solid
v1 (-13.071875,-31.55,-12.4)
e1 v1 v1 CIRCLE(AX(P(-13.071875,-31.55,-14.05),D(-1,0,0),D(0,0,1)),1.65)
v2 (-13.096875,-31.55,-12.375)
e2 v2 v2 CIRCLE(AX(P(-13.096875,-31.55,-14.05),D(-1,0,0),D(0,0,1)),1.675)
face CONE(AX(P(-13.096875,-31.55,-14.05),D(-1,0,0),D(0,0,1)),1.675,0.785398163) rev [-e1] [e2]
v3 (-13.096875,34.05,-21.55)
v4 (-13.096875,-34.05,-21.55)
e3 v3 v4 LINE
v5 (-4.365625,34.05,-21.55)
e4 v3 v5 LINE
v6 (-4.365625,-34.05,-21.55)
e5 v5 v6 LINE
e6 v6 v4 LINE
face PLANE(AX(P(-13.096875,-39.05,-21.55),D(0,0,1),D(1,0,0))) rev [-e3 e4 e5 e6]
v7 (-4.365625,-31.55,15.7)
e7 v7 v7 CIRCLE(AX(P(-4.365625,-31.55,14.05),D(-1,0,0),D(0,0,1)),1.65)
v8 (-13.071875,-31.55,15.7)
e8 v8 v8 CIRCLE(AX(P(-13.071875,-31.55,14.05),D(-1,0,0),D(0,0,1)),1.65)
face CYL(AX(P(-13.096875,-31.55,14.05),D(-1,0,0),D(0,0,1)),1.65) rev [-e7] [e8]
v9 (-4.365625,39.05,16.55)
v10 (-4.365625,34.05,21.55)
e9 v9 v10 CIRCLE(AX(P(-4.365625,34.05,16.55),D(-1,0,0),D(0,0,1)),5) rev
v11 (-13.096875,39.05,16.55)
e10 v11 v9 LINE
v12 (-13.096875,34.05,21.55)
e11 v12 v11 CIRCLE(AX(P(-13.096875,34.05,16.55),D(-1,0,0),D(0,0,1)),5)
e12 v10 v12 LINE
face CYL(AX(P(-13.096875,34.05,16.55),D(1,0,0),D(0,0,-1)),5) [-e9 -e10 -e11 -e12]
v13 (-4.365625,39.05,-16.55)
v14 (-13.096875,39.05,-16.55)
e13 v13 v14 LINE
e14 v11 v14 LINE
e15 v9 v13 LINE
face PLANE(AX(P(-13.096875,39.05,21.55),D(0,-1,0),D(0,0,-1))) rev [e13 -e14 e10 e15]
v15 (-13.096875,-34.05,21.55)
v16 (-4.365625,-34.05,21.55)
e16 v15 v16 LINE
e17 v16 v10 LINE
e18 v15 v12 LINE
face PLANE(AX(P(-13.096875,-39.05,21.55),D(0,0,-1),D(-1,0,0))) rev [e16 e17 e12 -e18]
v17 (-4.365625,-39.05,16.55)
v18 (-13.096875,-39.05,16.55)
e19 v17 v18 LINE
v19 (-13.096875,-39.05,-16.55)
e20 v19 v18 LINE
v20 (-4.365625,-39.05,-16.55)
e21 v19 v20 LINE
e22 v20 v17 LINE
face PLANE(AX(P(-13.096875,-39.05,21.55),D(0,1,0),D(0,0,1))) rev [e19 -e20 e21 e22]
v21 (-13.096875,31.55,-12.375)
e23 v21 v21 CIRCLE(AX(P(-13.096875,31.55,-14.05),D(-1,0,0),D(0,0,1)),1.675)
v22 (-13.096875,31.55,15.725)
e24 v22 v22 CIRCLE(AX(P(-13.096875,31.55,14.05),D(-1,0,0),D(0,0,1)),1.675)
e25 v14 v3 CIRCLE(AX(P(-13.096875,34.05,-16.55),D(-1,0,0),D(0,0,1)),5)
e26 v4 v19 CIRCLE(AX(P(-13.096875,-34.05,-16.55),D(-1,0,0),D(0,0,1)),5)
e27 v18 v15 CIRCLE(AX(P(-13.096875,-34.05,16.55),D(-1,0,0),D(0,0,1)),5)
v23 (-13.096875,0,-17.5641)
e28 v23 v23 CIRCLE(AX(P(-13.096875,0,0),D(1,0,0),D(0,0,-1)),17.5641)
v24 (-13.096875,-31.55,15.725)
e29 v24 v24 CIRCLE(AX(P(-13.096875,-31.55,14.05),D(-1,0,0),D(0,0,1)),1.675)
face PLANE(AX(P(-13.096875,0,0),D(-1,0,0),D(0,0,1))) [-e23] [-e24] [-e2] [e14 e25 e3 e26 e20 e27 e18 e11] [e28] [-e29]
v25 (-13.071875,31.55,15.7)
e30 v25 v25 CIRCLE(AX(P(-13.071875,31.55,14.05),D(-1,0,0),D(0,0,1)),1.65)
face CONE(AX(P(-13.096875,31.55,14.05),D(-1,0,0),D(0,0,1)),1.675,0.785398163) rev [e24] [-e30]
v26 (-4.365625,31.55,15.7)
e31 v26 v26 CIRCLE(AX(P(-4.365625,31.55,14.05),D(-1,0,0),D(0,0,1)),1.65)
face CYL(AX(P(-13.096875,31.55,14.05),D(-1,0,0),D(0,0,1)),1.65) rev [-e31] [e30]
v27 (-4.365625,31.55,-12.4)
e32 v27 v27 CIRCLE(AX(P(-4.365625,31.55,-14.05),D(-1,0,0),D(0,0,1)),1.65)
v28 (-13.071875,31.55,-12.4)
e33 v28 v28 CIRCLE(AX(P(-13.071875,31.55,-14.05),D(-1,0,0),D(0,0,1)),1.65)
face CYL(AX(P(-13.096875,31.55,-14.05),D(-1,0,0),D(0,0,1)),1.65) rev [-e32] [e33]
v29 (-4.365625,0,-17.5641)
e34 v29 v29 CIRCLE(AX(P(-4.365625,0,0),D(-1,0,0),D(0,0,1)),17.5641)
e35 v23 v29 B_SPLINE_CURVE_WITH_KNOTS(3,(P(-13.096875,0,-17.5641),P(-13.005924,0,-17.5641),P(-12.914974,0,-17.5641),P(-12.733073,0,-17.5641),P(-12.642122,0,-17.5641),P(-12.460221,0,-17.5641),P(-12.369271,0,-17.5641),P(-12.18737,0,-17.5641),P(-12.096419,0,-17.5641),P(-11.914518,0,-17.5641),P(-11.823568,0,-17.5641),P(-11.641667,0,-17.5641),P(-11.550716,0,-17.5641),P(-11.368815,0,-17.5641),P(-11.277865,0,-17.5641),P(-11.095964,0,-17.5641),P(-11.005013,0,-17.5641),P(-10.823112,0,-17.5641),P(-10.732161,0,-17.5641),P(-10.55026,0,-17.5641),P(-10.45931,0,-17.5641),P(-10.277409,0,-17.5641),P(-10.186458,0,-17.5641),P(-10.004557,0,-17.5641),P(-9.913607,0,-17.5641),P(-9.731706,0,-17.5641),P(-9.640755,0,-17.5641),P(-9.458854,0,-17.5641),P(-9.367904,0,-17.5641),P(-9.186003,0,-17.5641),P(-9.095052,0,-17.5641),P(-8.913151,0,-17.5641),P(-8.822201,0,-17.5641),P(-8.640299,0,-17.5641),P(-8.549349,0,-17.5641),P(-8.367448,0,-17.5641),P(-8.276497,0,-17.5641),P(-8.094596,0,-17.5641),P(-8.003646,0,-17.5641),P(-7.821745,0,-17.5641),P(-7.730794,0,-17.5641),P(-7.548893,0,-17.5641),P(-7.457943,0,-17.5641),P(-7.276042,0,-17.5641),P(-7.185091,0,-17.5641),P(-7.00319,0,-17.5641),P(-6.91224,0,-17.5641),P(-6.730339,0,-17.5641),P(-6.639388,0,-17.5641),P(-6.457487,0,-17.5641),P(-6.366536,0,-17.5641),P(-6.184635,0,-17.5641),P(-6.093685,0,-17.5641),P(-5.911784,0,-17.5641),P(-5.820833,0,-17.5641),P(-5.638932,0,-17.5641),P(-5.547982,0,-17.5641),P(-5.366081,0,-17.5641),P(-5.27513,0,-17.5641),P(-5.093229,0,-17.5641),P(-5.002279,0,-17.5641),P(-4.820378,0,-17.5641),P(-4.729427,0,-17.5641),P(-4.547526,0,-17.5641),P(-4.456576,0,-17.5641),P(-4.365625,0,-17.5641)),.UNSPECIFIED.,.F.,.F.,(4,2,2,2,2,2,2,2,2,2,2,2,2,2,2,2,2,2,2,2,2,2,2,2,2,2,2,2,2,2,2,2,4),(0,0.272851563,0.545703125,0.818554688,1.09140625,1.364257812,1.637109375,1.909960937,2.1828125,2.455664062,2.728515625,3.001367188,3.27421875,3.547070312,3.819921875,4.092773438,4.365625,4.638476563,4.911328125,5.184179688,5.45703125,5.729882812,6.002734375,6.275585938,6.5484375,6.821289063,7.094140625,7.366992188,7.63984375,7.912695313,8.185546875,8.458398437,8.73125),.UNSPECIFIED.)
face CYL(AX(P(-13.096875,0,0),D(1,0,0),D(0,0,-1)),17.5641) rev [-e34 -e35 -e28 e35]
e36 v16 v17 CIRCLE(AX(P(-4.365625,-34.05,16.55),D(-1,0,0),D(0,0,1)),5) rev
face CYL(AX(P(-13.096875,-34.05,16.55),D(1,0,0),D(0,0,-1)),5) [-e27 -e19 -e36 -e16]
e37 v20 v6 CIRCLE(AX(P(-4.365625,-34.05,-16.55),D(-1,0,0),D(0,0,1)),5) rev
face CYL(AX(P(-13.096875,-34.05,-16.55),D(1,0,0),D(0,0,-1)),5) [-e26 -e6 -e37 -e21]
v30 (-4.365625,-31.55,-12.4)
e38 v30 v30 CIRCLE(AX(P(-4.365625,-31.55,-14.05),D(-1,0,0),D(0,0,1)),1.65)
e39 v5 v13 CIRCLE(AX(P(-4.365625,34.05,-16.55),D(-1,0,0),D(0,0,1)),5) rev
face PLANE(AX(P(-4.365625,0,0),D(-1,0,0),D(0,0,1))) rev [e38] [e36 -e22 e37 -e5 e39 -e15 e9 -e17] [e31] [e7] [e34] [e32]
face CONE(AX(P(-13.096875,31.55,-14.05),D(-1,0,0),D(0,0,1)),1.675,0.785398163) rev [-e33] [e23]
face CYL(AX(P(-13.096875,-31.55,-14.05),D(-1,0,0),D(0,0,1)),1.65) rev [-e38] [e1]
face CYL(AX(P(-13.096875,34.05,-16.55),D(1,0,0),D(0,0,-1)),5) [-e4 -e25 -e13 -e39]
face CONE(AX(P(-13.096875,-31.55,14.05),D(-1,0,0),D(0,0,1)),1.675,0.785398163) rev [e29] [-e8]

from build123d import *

# Parameters (mm, degrees)
SKETCH1_R                               = 2.25
SKETCH1_R_2                             = 17.5641
BOSS_EXTRUDE1_DEPTH                     = 4.365625
SKETCH2_W                               = 78.1
SKETCH2_H                               = 43.1
BOSS_EXTRUDE2_DEPTH                     = 8.73125
M4_CLEARANCE_HOLE2_AT_2_COUNT           = 2
M4_CLEARANCE_HOLE2_AT_2_PITCH           = 28.1
M4_CLEARANCE_HOLE2_AT_3_COUNT           = 2
M4_CLEARANCE_HOLE2_AT_3_PITCH           = 69.07401827
M4_CLEARANCE_HOLE2_AT_4_COUNT           = 2
M4_CLEARANCE_HOLE2_AT_4_PITCH           = 63.1
SKETCH24_W                              = 78.1
SKETCH24_H                              = 43.1
BOSS_EXTRUDE3_DEPTH                     = 8.73125
TAP_DRILL_FOR_M4X0_7_TAP1_AT_2_COUNT    = 2
TAP_DRILL_FOR_M4X0_7_TAP1_AT_2_PITCH    = 28.1
TAP_DRILL_FOR_M4X0_7_TAP1_AT_3_COUNT    = 2
TAP_DRILL_FOR_M4X0_7_TAP1_AT_3_PITCH    = 69.07401827
TAP_DRILL_FOR_M4X0_7_TAP1_AT_4_COUNT    = 2
TAP_DRILL_FOR_M4X0_7_TAP1_AT_4_PITCH    = 63.1
TAP_DRILL_FOR_M3X0_5_TAP1_AT_2_COUNT    = 2
TAP_DRILL_FOR_M3X0_5_TAP1_AT_2_PITCH    = 36
TAP_DRILL_FOR_M3X0_5_TAP1_AT_3_COUNT    = 2
TAP_DRILL_FOR_M3X0_5_TAP1_AT_3_PITCH    = 28
TAP_DRILL_FOR_M3X0_5_TAP1_AT_4_COUNT    = 2
TAP_DRILL_FOR_M3X0_5_TAP1_AT_4_PITCH    = 45.607017004
TAP_DRILL_FOR_M2_5X0_45_TAP2_AT_2_COUNT = 2
TAP_DRILL_FOR_M2_5X0_45_TAP2_AT_2_PITCH = 15.8
SKETCH3_R                               = 17.5641
CUT_EXTRUDE3_DEPTH                      = 181.027817403
M6_CLEARANCE_HOLE2_AT_2_COUNT           = 2
M6_CLEARANCE_HOLE2_AT_2_PITCH           = 80
SKETCH14_W                              = 86.5
SKETCH14_H                              = 58.5
CUT_EXTRUDE4_DEPTH                      = 2
FILLET4_R                               = 10
M4_CLEARANCE_HOLE1_AT_2_COUNT           = 2
M4_CLEARANCE_HOLE1_AT_2_PITCH           = 14.136551913
M4_CLEARANCE_HOLE1_AT_3_COUNT           = 2
M4_CLEARANCE_HOLE1_AT_3_PITCH           = 7.068275957
M6_CLEARANCE_HOLE1_AT_2_COUNT           = 2
M6_CLEARANCE_HOLE1_AT_2_PITCH           = 25.4
FILLET5_R                               = 5
FILLET6_R                               = 5
SKETCH28_W                              = 15.5
SKETCH28_H                              = 20.75
SKETCH28_R                              = 1.5
BOSS_EXTRUDE4_DEPTH                     = 2.5
FILLET7_R                               = 1
SKETCH29_R                              = 1.5
BOSS_EXTRUDE5_DEPTH                     = 1.5
FILLET8_R                               = 0.5


with BuildPart() as part:
    # Sketch1 → Boss-Extrude1 (new, symmetric)
    with BuildSketch(Plane.YZ):
        Polygon((0, 170.95), (-50, 110.95), (-50, -79.05), (50, -79.05), (50, 110.95), align=None)
        with Locations((-26.25, -56.8)):
            Circle(SKETCH1_R, mode=Mode.SUBTRACT)
        with Locations((-26.25, -32.3)):
            Circle(SKETCH1_R, mode=Mode.SUBTRACT)
        with Locations((26.25, -56.8)):
            Circle(SKETCH1_R, mode=Mode.SUBTRACT)
        with Locations((26.25, -32.3)):
            Circle(SKETCH1_R, mode=Mode.SUBTRACT)
        Circle(SKETCH1_R_2, mode=Mode.SUBTRACT)
    extrude(amount=BOSS_EXTRUDE1_DEPTH, both=True)


with BuildPart() as body_2:
    # Sketch2 → Boss-Extrude2 (new body)
    with BuildSketch(Plane.YZ.offset(4.365625)):
        Rectangle(SKETCH2_W, SKETCH2_H)
    extrude(amount=BOSS_EXTRUDE2_DEPTH)


with BuildPart() as m4_clearance_hole2_tool:
    # Sketch23 → M4 Clearance Hole2 (revolve)
    with BuildSketch(Plane(origin=(13.096875, -31.55, 14.05), x_dir=(0, 0, -1), z_dir=(0, 1, 0))):
        Polygon((0, 0), (0, 17.4625), (2.25, 17.4625), (2.25, 0.025), (2.275, 0), align=None)
    m4_clearance_hole2 = revolve(axis=Axis((19.446875, -31.55, 14.05), (-1, 0, 0)))


with BuildPart() as part_1:
    add(part.part)

    # M4 Clearance Hole2: cut by m4_clearance_hole2_tool
    add(m4_clearance_hole2_tool.part, mode=Mode.SUBTRACT)


with BuildPart() as body_2_1:
    add(body_2.part)

    # M4 Clearance Hole2: cut by m4_clearance_hole2_tool
    add(m4_clearance_hole2_tool.part, mode=Mode.SUBTRACT)


with BuildPart() as m4_clearance_hole2_at_2_tool:
    # M4 Clearance Hole2 at 2: M4 Clearance Hole2 ×2
    with Locations(*[(0, 0, -i * M4_CLEARANCE_HOLE2_AT_2_PITCH) for i in range(1, M4_CLEARANCE_HOLE2_AT_2_COUNT)]):
        add(m4_clearance_hole2)


with BuildPart() as part_2:
    add(part_1.part)

    # M4 Clearance Hole2 at 2: cut by m4_clearance_hole2_at_2_tool
    add(m4_clearance_hole2_at_2_tool.part, mode=Mode.SUBTRACT)


with BuildPart() as body_2_2:
    add(body_2_1.part)

    # M4 Clearance Hole2 at 2: cut by m4_clearance_hole2_at_2_tool
    add(m4_clearance_hole2_at_2_tool.part, mode=Mode.SUBTRACT)


with BuildPart() as m4_clearance_hole2_at_3_tool:
    # M4 Clearance Hole2 at 3: M4 Clearance Hole2 ×2
    with Locations(*[Vector(0, 0.9135128023552276, -0.40680998012966574) * (i * M4_CLEARANCE_HOLE2_AT_3_PITCH) for i in range(1, M4_CLEARANCE_HOLE2_AT_3_COUNT)]):
        add(m4_clearance_hole2)


with BuildPart() as part_3:
    add(part_2.part)

    # M4 Clearance Hole2 at 3: cut by m4_clearance_hole2_at_3_tool
    add(m4_clearance_hole2_at_3_tool.part, mode=Mode.SUBTRACT)


with BuildPart() as body_2_3:
    add(body_2_2.part)

    # M4 Clearance Hole2 at 3: cut by m4_clearance_hole2_at_3_tool
    add(m4_clearance_hole2_at_3_tool.part, mode=Mode.SUBTRACT)


with BuildPart() as m4_clearance_hole2_at_4_tool:
    # M4 Clearance Hole2 at 4: M4 Clearance Hole2 ×2
    with Locations(*[(0, i * M4_CLEARANCE_HOLE2_AT_4_PITCH, 0) for i in range(1, M4_CLEARANCE_HOLE2_AT_4_COUNT)]):
        add(m4_clearance_hole2)


with BuildPart() as part_4:
    add(part_3.part)

    # M4 Clearance Hole2 at 4: cut by m4_clearance_hole2_at_4_tool
    add(m4_clearance_hole2_at_4_tool.part, mode=Mode.SUBTRACT)

    # Sketch7 → Tap Drill for M3x0.5 Tap1 (revolve, cut)
    with BuildSketch(Plane(origin=(4.365625, -18, -24.05), x_dir=(0, 0, -1), z_dir=(0, 1, 0))):
        Polygon((0, 0), (0, 17.4625), (1.25, 17.4625), (1.25, 0.025), (1.275, 0), align=None)
    tap_drill_for_m3x0_5_tap1 = revolve(axis=Axis((10.715625, -18, -24.05), (-1, 0, 0)), mode=Mode.SUBTRACT)

    # Tap Drill for M3x0.5 Tap1 at 2: Tap Drill for M3x0.5 Tap1 ×2
    with Locations(*[(0, i * TAP_DRILL_FOR_M3X0_5_TAP1_AT_2_PITCH, 0) for i in range(1, TAP_DRILL_FOR_M3X0_5_TAP1_AT_2_COUNT)]):
        add(tap_drill_for_m3x0_5_tap1, mode=Mode.SUBTRACT)

    # Tap Drill for M3x0.5 Tap1 at 3: Tap Drill for M3x0.5 Tap1 ×2
    with Locations(*[(0, 0, -i * TAP_DRILL_FOR_M3X0_5_TAP1_AT_3_PITCH) for i in range(1, TAP_DRILL_FOR_M3X0_5_TAP1_AT_3_COUNT)]):
        add(tap_drill_for_m3x0_5_tap1, mode=Mode.SUBTRACT)

    # Tap Drill for M3x0.5 Tap1 at 4: Tap Drill for M3x0.5 Tap1 ×2
    with Locations(*[Vector(0, 0.7893522173763264, -0.6139406135149205) * (i * TAP_DRILL_FOR_M3X0_5_TAP1_AT_4_PITCH) for i in range(1, TAP_DRILL_FOR_M3X0_5_TAP1_AT_4_COUNT)]):
        add(tap_drill_for_m3x0_5_tap1, mode=Mode.SUBTRACT)

    # Sketch10 → Tap Drill for M2.5x0.45 Tap2 (revolve, cut)
    with BuildSketch(Plane(origin=(4.365625, -41, 103.325), x_dir=(0, 0, -1), z_dir=(0, 1, 0))):
        Polygon((0, 0), (0, 17.4625), (1.025, 17.4625), (1.025, 0.025), (1.05, 0), align=None)
    tap_drill_for_m2_5x0_45_tap2 = revolve(axis=Axis((10.715625, -41, 103.325), (-1, 0, 0)), mode=Mode.SUBTRACT)

    # Tap Drill for M2.5x0.45 Tap2 at 2: Tap Drill for M2.5x0.45 Tap2 ×2
    with Locations(*[(0, 0, -i * TAP_DRILL_FOR_M2_5X0_45_TAP2_AT_2_PITCH) for i in range(1, TAP_DRILL_FOR_M2_5X0_45_TAP2_AT_2_COUNT)]):
        add(tap_drill_for_m2_5x0_45_tap2, mode=Mode.SUBTRACT)

    # Sketch12 → M6 Clearance Hole2 (revolve, cut)
    with BuildSketch(Plane(origin=(4.365625, -40, -69.05), x_dir=(0, 0, -1), z_dir=(0, 1, 0))):
        Polygon((0, 0), (0, 17.4625), (3.3, 17.4625), (3.3, 0.025), (3.325, 0), align=None)
    m6_clearance_hole2 = revolve(axis=Axis((10.715625, -40, -69.05), (-1, 0, 0)), mode=Mode.SUBTRACT)

    # M6 Clearance Hole2 at 2: M6 Clearance Hole2 ×2
    with Locations(*[(0, i * M6_CLEARANCE_HOLE2_AT_2_PITCH, 0) for i in range(1, M6_CLEARANCE_HOLE2_AT_2_COUNT)]):
        add(m6_clearance_hole2, mode=Mode.SUBTRACT)

    # Sketch14 → Cut-Extrude4 (cut)
    with BuildSketch(Plane.YZ.offset(4.365625)):
        with Locations((0, 50.8)):
            Rectangle(SKETCH14_W, SKETCH14_H)
    extrude(amount=-CUT_EXTRUDE4_DEPTH, mode=Mode.SUBTRACT)

    # Fillet4
    fillet4_edges = [part_4.edges().sort_by_distance(p)[0] for p in [
        (0, 50, -79.05),
        (0, -50, -79.05),
        (0, 50, 110.95),
        (0, 0, 170.95),
        (0, -50, 110.95),
    ]]
    fillet(fillet4_edges, radius=FILLET4_R)

    # Sketch16 → M4 Clearance Hole1 (revolve, cut)
    with BuildSketch(Plane(origin=(4.365625, 0, 155.329500648), x_dir=(0, 0, -1), z_dir=(0, 1, 0))):
        Polygon((0, 0), (0, 17.4625), (2.25, 17.4625), (2.25, 0.025), (2.275, 0), align=None)
    m4_clearance_hole1 = revolve(axis=Axis((10.715625, 0, 155.329500648), (-1, 0, 0)), mode=Mode.SUBTRACT)

    # M4 Clearance Hole1 at 2: M4 Clearance Hole1 ×2
    with Locations(*[(0, 0, -i * M4_CLEARANCE_HOLE1_AT_2_PITCH) for i in range(1, M4_CLEARANCE_HOLE1_AT_2_COUNT)]):
        add(m4_clearance_hole1, mode=Mode.SUBTRACT)

    # M4 Clearance Hole1 at 3: M4 Clearance Hole1 ×2
    with Locations(*[(0, 0, -i * M4_CLEARANCE_HOLE1_AT_3_PITCH) for i in range(1, M4_CLEARANCE_HOLE1_AT_3_COUNT)]):
        add(m4_clearance_hole1, mode=Mode.SUBTRACT)

    # Sketch21 → M6 Clearance Hole1 (revolve, cut)
    with BuildSketch(Plane(origin=(4.365625, 0, 131.273931646), x_dir=(0, 0, -1), z_dir=(0, 1, 0))):
        Polygon((0, 0), (0, 17.4625), (3.3, 17.4625), (3.3, 0.025), (3.325, 0), align=None)
    m6_clearance_hole1 = revolve(axis=Axis((10.715625, 0, 131.273931646), (-1, 0, 0)), mode=Mode.SUBTRACT)

    # M6 Clearance Hole1 at 2: M6 Clearance Hole1 ×2
    with Locations(*[(0, 0, -i * M6_CLEARANCE_HOLE1_AT_2_PITCH) for i in range(1, M6_CLEARANCE_HOLE1_AT_2_COUNT)]):
        add(m6_clearance_hole1, mode=Mode.SUBTRACT)


with BuildPart() as body_2_4:
    add(body_2_3.part)

    # M4 Clearance Hole2 at 4: cut by m4_clearance_hole2_at_4_tool
    add(m4_clearance_hole2_at_4_tool.part, mode=Mode.SUBTRACT)


with BuildPart() as body_3:
    # Sketch24 → Boss-Extrude3 (new body)
    with BuildSketch(Plane(origin=(-4.365625, 0, 0), x_dir=(0, -1, 0), z_dir=(-1, 0, 0))):
        Rectangle(SKETCH24_W, SKETCH24_H)
    extrude(amount=BOSS_EXTRUDE3_DEPTH)

    # Sketch27 → Tap Drill for M4x0.7 Tap1 (revolve, cut)
    with BuildSketch(Plane(origin=(-13.096875, 31.55, 14.05), x_dir=(0, 0, 1), z_dir=(0, 1, 0))):
        Polygon((0, 0), (0, 9.722670021), (1.65, 8.73125), (1.65, 0.025), (1.675, 0), align=None)
    tap_drill_for_m4x0_7_tap1 = revolve(axis=Axis((-19.446875, 31.55, 14.05), (1, 0, 0)), mode=Mode.SUBTRACT)

    # Tap Drill for M4x0.7 Tap1 at 2: Tap Drill for M4x0.7 Tap1 ×2
    with Locations(*[(0, 0, -i * TAP_DRILL_FOR_M4X0_7_TAP1_AT_2_PITCH) for i in range(1, TAP_DRILL_FOR_M4X0_7_TAP1_AT_2_COUNT)]):
        add(tap_drill_for_m4x0_7_tap1, mode=Mode.SUBTRACT)

    # Tap Drill for M4x0.7 Tap1 at 3: Tap Drill for M4x0.7 Tap1 ×2
    with Locations(*[Vector(0, -0.9135128023552276, -0.40680998012966574) * (i * TAP_DRILL_FOR_M4X0_7_TAP1_AT_3_PITCH) for i in range(1, TAP_DRILL_FOR_M4X0_7_TAP1_AT_3_COUNT)]):
        add(tap_drill_for_m4x0_7_tap1, mode=Mode.SUBTRACT)

    # Tap Drill for M4x0.7 Tap1 at 4: Tap Drill for M4x0.7 Tap1 ×2
    with Locations(*[(0, -i * TAP_DRILL_FOR_M4X0_7_TAP1_AT_4_PITCH, 0) for i in range(1, TAP_DRILL_FOR_M4X0_7_TAP1_AT_4_COUNT)]):
        add(tap_drill_for_m4x0_7_tap1, mode=Mode.SUBTRACT)


with BuildPart() as cut_extrude3_tool:
    # Sketch3 → Cut-Extrude3 (new, through all)
    with BuildSketch(Plane.YZ.offset(13.096875)):
        Circle(SKETCH3_R)
    extrude(amount=-CUT_EXTRUDE3_DEPTH)


with BuildPart() as body_2_5:
    add(body_2_4.part)

    # Cut-Extrude3: cut by cut_extrude3_tool
    add(cut_extrude3_tool.part, mode=Mode.SUBTRACT)

    # Fillet6
    fillet6_edges = [body_2_5.edges().sort_by_distance(p)[0] for p in [
        (8.73125, -39.05, 21.55),
        (8.73125, 39.05, -21.55),
        (8.73125, -39.05, -21.55),
        (8.73125, 39.05, 21.55),
    ]]
    fillet(fillet6_edges, radius=FILLET6_R)


with BuildPart() as body_3_1:
    add(body_3.part)

    # Cut-Extrude3: cut by cut_extrude3_tool
    add(cut_extrude3_tool.part, mode=Mode.SUBTRACT)

    # Fillet5
    fillet5_edges = [body_3_1.edges().sort_by_distance(p)[0] for p in [
        (-8.73125, -39.05, 21.55),
        (-8.73125, -39.05, -21.55),
        (-8.73125, 39.05, -21.55),
        (-8.73125, 39.05, 21.55),
    ]]
    fillet(fillet5_edges, radius=FILLET5_R)


with BuildPart() as body_4:
    # Sketch28 → Boss-Extrude4 (new body)
    with BuildSketch(Plane.YZ.offset(4.365625)):
        with Locations((-46.275, 95.425)):
            Rectangle(SKETCH28_W, SKETCH28_H)
        with Locations((-41, 87.525)):
            Circle(SKETCH28_R, mode=Mode.SUBTRACT)
        with Locations((-41, 103.325)):
            Circle(SKETCH28_R, mode=Mode.SUBTRACT)
    extrude(amount=BOSS_EXTRUDE4_DEPTH)

    # Fillet7
    fillet7_edges = [body_4.edges().sort_by_distance(p)[0] for p in [
        (5.615625, -38.525, 105.8),
        (5.615625, -38.525, 85.05),
        (5.615625, -54.025, 85.05),
        (5.615625, -54.025, 105.8),
    ]]
    fillet(fillet7_edges, radius=FILLET7_R)

    # Sketch29 → Boss-Extrude5 (add)
    with BuildSketch(Plane(origin=(4.365625, 0, 0), x_dir=(0, -1, 0), z_dir=(-1, 0, 0))):
        with Locations((52.025, 104.175)):
            Circle(SKETCH29_R)
        with Locations((52.025, 100.675)):
            Circle(SKETCH29_R)
        with Locations((52.025, 97.175)):
            Circle(SKETCH29_R)
        with Locations((52.025, 93.675)):
            Circle(SKETCH29_R)
        with Locations((52.025, 90.175)):
            Circle(SKETCH29_R)
        with Locations((52.025, 86.675)):
            Circle(SKETCH29_R)
    extrude(amount=BOSS_EXTRUDE5_DEPTH)

    # Fillet8
    fillet8_edges = [body_4.edges().sort_by_distance(p)[0] for p in [
        (2.865625, -50.525, 86.675),
        (2.865625, -50.525, 90.175),
        (2.865625, -50.525, 93.675),
        (2.865625, -50.525, 97.175),
        (2.865625, -50.525, 100.675),
        (2.865625, -50.525, 104.175),
    ]]
    fillet(fillet8_edges, radius=FILLET8_R)


solid = body_3_1.part
